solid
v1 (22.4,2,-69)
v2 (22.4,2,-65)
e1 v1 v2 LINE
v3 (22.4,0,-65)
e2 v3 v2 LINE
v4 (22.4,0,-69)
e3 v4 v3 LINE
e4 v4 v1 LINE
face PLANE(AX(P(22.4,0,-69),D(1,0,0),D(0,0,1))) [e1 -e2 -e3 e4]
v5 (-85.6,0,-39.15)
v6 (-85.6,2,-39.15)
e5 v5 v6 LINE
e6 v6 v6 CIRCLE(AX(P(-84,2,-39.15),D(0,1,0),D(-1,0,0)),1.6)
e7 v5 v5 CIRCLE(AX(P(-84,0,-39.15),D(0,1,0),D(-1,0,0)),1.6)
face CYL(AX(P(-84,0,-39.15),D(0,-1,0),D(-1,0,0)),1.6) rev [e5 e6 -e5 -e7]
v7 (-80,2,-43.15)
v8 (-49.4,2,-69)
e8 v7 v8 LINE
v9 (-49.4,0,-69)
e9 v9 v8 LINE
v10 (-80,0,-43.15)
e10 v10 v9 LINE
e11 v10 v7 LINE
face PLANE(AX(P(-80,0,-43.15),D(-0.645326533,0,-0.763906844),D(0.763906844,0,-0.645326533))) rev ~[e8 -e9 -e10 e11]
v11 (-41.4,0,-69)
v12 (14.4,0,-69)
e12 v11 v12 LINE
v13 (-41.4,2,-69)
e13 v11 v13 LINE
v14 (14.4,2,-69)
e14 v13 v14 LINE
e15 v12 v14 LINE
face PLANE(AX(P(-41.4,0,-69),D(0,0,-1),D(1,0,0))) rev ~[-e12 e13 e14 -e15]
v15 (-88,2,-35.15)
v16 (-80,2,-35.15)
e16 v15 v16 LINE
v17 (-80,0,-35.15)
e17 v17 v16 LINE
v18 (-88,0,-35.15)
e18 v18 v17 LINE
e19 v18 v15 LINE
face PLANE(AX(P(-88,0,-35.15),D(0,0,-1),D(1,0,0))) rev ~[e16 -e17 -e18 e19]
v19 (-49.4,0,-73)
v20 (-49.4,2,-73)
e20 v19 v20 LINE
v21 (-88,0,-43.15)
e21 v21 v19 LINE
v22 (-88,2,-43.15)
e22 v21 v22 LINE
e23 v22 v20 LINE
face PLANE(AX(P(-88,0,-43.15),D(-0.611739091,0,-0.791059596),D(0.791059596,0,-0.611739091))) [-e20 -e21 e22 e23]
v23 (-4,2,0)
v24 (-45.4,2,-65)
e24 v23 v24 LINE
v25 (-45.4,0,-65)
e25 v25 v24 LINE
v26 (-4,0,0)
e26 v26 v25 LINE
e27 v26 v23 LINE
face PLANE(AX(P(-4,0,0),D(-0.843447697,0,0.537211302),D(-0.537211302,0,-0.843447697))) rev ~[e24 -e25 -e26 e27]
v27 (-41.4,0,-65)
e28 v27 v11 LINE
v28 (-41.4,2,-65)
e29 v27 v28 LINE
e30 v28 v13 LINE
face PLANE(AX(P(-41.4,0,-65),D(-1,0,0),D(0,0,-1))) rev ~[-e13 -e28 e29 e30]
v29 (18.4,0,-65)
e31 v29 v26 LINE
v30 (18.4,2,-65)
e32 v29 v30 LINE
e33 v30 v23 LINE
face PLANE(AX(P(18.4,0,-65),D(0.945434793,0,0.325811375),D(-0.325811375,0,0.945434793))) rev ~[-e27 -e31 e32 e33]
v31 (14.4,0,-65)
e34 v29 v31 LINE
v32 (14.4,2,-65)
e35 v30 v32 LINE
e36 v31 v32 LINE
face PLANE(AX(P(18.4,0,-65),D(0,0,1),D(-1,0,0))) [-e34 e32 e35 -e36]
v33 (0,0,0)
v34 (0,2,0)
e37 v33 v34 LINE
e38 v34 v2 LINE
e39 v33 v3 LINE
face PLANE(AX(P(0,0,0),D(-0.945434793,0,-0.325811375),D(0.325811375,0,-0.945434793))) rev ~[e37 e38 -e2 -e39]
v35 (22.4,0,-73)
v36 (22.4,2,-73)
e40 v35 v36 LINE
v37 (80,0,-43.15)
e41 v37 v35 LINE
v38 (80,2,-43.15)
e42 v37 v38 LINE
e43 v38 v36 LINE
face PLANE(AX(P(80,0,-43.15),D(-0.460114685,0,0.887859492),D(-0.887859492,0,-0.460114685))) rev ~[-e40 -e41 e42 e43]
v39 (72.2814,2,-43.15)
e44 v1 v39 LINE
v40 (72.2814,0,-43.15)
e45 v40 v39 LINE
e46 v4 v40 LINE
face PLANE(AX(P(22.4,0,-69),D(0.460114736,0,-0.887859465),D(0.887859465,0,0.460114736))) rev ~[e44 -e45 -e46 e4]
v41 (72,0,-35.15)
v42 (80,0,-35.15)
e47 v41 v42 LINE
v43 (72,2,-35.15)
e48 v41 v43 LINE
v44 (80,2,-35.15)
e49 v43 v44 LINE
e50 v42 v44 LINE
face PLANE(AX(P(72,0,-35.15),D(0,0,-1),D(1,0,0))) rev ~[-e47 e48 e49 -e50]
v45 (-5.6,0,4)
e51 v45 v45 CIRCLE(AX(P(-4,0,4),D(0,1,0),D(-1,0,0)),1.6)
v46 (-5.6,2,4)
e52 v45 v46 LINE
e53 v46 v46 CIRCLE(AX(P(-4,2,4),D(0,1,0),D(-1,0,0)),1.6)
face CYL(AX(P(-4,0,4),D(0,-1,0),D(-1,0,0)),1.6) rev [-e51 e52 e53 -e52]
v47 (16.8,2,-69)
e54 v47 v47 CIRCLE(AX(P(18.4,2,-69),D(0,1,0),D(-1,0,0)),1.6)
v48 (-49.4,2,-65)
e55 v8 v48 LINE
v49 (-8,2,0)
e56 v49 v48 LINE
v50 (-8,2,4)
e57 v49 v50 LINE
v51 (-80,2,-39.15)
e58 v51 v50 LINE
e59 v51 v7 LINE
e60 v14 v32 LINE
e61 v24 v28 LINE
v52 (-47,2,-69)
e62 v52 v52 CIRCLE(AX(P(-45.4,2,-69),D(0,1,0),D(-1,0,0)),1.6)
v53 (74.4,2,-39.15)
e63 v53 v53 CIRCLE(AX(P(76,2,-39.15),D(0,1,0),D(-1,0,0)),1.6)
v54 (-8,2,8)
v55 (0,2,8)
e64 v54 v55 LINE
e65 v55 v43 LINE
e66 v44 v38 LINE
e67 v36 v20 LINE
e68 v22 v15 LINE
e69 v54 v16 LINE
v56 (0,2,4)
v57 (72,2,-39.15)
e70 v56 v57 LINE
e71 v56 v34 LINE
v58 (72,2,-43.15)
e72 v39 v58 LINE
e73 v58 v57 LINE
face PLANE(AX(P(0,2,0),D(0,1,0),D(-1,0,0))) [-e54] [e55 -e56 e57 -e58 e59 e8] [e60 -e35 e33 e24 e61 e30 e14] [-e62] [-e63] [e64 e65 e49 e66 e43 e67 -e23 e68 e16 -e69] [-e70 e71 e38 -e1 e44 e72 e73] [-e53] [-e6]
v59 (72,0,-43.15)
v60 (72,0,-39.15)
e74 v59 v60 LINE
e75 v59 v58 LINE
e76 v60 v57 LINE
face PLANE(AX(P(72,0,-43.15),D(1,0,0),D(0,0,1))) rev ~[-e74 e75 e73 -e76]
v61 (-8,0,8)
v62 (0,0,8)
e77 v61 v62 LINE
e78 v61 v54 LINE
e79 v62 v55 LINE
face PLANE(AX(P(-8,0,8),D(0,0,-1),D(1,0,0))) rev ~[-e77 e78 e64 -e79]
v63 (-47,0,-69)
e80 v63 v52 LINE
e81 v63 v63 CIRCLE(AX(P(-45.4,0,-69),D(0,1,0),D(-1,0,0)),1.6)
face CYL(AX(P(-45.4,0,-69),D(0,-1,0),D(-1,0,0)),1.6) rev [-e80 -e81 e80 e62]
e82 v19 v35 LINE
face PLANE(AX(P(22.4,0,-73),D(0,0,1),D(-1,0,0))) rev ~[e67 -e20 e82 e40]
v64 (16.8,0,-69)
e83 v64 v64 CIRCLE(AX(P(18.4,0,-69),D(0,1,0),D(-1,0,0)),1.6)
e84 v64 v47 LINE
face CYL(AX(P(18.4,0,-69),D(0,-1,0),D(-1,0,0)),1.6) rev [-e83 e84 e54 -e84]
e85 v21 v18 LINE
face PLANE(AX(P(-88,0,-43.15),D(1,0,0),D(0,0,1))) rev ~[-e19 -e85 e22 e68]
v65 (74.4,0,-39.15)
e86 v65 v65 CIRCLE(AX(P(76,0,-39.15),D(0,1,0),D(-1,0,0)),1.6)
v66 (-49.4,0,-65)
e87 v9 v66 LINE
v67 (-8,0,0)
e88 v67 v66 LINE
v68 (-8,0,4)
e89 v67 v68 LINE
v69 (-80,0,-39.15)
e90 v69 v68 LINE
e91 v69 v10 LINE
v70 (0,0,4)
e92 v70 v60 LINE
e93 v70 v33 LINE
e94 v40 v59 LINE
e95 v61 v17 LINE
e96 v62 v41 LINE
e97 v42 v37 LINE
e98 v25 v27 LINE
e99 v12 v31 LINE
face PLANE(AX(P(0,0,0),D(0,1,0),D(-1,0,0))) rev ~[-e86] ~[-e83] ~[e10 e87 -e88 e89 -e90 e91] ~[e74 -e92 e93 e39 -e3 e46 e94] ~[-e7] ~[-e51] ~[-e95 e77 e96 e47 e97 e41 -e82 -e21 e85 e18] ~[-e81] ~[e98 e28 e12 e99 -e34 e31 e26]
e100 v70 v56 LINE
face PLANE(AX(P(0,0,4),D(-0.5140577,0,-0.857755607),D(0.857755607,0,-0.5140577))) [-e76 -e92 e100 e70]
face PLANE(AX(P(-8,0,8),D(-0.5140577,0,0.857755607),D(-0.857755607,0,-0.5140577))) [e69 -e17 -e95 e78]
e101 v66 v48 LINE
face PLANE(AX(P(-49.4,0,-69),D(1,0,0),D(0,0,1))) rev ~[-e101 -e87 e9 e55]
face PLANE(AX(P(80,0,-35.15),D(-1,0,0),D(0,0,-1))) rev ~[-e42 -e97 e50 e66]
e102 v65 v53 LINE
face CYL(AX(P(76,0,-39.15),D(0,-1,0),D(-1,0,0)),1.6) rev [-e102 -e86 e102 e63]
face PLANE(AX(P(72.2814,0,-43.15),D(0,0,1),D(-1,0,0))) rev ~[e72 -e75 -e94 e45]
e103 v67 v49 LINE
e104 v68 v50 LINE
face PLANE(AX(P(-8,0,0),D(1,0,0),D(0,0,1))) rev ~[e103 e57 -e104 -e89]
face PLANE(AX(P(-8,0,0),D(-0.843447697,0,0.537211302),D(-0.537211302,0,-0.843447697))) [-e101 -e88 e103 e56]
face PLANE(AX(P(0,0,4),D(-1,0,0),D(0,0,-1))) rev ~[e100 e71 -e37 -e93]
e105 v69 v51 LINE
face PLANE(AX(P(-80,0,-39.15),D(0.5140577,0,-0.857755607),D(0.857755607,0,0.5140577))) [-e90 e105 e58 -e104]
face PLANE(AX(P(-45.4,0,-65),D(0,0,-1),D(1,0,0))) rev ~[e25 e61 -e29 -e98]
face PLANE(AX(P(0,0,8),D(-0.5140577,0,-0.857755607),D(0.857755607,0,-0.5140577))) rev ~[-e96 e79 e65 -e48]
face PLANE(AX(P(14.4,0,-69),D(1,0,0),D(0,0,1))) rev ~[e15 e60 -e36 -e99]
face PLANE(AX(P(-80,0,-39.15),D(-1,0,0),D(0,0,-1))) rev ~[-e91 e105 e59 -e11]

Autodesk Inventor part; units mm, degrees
ref_plane "YZ Plane" through (0, 0, 0) normal (1, 0, 0) x (0, 1, 0)
ref_plane "XZ Plane" through (0, 0, 0) normal (0, 1, 0) x (-1, 0, 0)
ref_plane "XY Plane" through (0, 0, 0) normal (0, 0, 1) x (1, 0, 0)
sketch "Sketch1" plane through (0, 0, 0) normal (0, 1, 0) x (-1, 0, 0)
  line L0 (8, 0) -> (8, 8) projected
  line L1 (8, 8) -> (0, 8)
  line L2 (0, 8) -> (0, 0)
  line L3 (0, 0) -> (8, 0)
  line L4 (8, 0) -> (8, 8)
  line L5 (49.4, -65) -> (41.4, -65) projected
  line L6 (49.4, -65) -> (41.4, -65)
  line L7 (41.4, -65) -> (41.4, -73)
  line L8 (41.4, -73) -> (49.4, -73)
  line L9 (49.4, -73) -> (49.4, -65)
  line L10 (80, -35.15) -> (80, -43.15) projected
  line L11 (88, -35.15) -> (80, -35.15)
  line L12 (80, -35.15) -> (80, -43.15)
  line L13 (80, -43.15) -> (88, -43.15)
  line L14 (88, -43.15) -> (88, -35.15)
  line L15 (-22.4, -65) -> (-14.4, -65) projected
  line L16 (-22.4, -73) -> (-22.4, -65) projected
  line L17 (-14.4, -65) -> (-22.4, -65)
  line L18 (-22.4, -65) -> (-22.4, -73)
  line L19 (-22.4, -73) -> (-14.4, -73)
  line L20 (-14.4, -73) -> (-14.4, -65)
  line L21 (-72, -43.15) -> (-72, -35.15) projected
  line L22 (-80, -43.15) -> (-72, -43.15) projected
  line L23 (-72, -35.15) -> (-80, -35.15)
  line L24 (-80, -35.15) -> (-80, -43.15)
  line L25 (-80, -43.15) -> (-72, -43.15)
  line L26 (-72, -43.15) -> (-72, -35.15)
  circle A0 centre (-76, -39.15) radius 1.6
  circle A1 centre (-18.4, -69) radius 1.6
  circle A2 centre (45.4, -69) radius 1.6
  circle A3 centre (84, -39.15) radius 1.6
  circle A4 centre (4, 4) radius 1.6
  line L27 (0, 0) -> (8, 0) projected
  line L28 (41.4, -65) -> (41.4, -73) projected
  line L29 (41.4, -73) -> (-14.4, -73)
  line L30 (-80, -43.15) -> (-22.4, -73)
  line L31 (88, -43.15) -> (49.4, -73)
  line L32 (0, 8) -> (0, 0) projected
  line L33 (0, 8) -> (-72, -35.15)
  line L34 (8, 8) -> (80, -35.15)
  line L35 (80, -39.15) -> (8, 4)
  line L36 (0, 4) -> (-72, -39.15)
  line L37 (-22.4, -69) -> (-72.2814, -43.15)
  line L38 (80, -43.15) -> (49.4, -69)
  line L39 (49.4, -73) -> (49.4, -65) projected
  line L40 (41.4, -69) -> (-14.4, -69)
  line L41 (-14.4, -65) -> (-14.4, -73) projected
  line L42 (4, 0) -> (45.4, -65)
  line L43 (8, 0) -> (49.4, -65)
  line L44 (0, 0) -> (-22.4, -65)
  line L45 (-18.4, -65) -> (4, 0)
  point P0 (-14.4, -69)
  dimension "d0" = 3.2
extrude "Extrusion1" add sketch "Sketch1" along normal blind 2 contours L3 L2 L1 L0 | L43 L5 L42 L3 | L0 L34 L10 L35 | L45 L15 L44 L3 | L9 L8 L7 L5 | L10 L11 L14 L13 | L15 L20 L19 L16 | L38 L13 L31 L9 | L2 L36 L21 L33 | L21 L22 L24 L23 | L16 L30 L22 L37 | L7 L29 L20 L40
properties part number "ScrewHoleGuide"
